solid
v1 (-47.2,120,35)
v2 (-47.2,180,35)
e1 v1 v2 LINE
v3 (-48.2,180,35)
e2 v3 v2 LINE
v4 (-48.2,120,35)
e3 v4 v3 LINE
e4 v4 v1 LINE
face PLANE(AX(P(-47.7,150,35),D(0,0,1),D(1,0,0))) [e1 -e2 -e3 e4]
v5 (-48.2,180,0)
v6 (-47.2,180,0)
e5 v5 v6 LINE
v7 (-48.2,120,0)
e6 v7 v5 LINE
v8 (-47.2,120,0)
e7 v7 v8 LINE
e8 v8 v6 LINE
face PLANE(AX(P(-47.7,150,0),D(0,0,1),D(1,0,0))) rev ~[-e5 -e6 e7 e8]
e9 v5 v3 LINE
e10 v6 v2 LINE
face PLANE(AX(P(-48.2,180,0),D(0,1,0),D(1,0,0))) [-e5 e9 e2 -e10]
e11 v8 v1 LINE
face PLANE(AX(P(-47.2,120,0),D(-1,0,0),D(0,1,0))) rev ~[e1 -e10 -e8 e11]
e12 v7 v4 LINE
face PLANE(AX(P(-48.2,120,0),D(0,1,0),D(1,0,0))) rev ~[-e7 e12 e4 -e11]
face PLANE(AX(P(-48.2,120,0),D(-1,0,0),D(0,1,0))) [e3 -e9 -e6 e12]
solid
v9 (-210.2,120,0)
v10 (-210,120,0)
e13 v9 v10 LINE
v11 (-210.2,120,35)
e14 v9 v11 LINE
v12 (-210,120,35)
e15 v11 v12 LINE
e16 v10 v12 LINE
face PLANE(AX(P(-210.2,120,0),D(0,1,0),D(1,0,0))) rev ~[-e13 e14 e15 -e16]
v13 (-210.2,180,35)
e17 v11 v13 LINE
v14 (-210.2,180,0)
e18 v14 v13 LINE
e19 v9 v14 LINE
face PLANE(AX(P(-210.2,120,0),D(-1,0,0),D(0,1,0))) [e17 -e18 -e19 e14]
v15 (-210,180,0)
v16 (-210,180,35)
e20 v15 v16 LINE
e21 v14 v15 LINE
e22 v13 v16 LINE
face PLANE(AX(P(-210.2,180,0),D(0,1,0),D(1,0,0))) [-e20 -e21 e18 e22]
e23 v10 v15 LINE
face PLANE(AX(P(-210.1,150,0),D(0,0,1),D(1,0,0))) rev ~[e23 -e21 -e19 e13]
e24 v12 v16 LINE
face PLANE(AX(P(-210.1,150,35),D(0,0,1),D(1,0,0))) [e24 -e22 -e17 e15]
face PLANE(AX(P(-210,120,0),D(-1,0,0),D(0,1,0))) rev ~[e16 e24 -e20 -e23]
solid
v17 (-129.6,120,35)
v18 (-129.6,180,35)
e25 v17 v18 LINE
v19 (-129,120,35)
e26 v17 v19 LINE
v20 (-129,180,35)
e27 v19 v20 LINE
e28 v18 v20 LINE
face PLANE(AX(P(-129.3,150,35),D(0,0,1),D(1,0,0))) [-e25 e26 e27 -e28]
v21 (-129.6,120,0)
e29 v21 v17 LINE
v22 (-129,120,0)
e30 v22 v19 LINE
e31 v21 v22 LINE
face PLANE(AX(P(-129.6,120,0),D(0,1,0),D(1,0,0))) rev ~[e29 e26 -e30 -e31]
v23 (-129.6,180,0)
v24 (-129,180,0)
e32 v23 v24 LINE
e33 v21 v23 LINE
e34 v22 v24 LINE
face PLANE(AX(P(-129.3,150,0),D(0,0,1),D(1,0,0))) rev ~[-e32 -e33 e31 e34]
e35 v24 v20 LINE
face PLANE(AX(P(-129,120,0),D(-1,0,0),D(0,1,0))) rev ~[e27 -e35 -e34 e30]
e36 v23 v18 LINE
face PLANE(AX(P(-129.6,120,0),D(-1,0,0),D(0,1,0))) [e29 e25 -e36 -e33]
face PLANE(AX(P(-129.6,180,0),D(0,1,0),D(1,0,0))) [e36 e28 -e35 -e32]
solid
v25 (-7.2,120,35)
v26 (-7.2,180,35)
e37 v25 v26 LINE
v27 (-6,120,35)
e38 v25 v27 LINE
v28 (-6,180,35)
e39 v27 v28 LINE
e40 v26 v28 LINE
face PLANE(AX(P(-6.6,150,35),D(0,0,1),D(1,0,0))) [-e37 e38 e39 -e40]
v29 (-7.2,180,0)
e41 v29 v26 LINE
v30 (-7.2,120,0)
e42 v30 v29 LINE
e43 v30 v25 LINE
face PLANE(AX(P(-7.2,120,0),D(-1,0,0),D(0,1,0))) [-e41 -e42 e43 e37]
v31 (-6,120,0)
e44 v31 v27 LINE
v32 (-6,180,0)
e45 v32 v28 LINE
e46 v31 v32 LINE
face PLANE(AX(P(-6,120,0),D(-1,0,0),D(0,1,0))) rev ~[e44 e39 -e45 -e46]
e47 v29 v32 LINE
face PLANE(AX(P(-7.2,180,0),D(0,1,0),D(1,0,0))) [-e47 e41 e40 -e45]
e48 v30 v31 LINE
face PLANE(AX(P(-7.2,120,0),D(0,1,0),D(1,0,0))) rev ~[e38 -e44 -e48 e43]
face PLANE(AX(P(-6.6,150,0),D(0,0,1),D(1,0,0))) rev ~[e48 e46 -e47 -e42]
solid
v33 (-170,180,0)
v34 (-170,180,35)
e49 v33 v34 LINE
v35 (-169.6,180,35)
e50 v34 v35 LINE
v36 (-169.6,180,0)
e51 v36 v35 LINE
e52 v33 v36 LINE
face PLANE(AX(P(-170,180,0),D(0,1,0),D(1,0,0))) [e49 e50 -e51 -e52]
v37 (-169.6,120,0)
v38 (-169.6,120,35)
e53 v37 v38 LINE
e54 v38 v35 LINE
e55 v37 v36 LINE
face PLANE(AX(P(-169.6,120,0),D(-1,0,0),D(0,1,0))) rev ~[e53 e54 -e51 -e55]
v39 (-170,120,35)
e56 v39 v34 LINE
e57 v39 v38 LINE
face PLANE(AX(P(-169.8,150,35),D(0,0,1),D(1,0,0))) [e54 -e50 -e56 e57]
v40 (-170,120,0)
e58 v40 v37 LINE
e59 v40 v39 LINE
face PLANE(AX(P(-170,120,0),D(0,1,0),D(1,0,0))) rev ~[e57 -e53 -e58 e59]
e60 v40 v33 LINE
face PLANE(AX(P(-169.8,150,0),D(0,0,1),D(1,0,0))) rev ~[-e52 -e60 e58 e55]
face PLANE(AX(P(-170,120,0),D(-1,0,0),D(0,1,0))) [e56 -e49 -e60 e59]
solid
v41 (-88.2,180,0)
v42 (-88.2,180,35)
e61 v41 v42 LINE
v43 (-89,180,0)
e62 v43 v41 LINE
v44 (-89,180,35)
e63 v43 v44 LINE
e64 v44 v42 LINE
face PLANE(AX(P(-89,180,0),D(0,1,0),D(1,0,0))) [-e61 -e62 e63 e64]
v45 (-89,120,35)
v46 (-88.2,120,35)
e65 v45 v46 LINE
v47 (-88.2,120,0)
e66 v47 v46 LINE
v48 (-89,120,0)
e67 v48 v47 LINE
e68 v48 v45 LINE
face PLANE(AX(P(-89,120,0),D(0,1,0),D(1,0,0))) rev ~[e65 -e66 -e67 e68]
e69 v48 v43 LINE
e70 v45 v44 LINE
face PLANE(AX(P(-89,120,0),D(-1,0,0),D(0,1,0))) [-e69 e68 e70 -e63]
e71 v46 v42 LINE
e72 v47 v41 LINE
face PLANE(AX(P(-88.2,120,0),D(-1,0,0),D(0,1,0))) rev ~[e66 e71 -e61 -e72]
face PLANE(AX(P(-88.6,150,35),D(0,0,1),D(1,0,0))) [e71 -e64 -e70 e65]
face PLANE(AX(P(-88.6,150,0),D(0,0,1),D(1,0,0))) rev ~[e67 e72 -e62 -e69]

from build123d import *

# Parameters (mm, degrees)
F0_W     = 1.2
F0_H     = 60
F0_W_2   = 1
F0_W_3   = 0.8
F0_W_4   = 0.6
F0_W_5   = 0.4
F0_W_6   = 0.2
F1_DEPTH = 35


with BuildPart() as f1:
    # F0 (on Top) → F1 (new body)
    with BuildSketch(Plane.XY):
        with Locations((-6.6, 150)):
            Rectangle(F0_W, F0_H)
        with Locations((-47.7, 150)):
            Rectangle(F0_W_2, F0_H)
        with Locations((-88.6, 150)):
            Rectangle(F0_W_3, F0_H)
        with Locations((-129.3, 150)):
            Rectangle(F0_W_4, F0_H)
        with Locations((-169.8, 150)):
            Rectangle(F0_W_5, F0_H)
        with Locations((-210.1, 150)):
            Rectangle(F0_W_6, F0_H)
    extrude(amount=F1_DEPTH)


solid = f1.part
